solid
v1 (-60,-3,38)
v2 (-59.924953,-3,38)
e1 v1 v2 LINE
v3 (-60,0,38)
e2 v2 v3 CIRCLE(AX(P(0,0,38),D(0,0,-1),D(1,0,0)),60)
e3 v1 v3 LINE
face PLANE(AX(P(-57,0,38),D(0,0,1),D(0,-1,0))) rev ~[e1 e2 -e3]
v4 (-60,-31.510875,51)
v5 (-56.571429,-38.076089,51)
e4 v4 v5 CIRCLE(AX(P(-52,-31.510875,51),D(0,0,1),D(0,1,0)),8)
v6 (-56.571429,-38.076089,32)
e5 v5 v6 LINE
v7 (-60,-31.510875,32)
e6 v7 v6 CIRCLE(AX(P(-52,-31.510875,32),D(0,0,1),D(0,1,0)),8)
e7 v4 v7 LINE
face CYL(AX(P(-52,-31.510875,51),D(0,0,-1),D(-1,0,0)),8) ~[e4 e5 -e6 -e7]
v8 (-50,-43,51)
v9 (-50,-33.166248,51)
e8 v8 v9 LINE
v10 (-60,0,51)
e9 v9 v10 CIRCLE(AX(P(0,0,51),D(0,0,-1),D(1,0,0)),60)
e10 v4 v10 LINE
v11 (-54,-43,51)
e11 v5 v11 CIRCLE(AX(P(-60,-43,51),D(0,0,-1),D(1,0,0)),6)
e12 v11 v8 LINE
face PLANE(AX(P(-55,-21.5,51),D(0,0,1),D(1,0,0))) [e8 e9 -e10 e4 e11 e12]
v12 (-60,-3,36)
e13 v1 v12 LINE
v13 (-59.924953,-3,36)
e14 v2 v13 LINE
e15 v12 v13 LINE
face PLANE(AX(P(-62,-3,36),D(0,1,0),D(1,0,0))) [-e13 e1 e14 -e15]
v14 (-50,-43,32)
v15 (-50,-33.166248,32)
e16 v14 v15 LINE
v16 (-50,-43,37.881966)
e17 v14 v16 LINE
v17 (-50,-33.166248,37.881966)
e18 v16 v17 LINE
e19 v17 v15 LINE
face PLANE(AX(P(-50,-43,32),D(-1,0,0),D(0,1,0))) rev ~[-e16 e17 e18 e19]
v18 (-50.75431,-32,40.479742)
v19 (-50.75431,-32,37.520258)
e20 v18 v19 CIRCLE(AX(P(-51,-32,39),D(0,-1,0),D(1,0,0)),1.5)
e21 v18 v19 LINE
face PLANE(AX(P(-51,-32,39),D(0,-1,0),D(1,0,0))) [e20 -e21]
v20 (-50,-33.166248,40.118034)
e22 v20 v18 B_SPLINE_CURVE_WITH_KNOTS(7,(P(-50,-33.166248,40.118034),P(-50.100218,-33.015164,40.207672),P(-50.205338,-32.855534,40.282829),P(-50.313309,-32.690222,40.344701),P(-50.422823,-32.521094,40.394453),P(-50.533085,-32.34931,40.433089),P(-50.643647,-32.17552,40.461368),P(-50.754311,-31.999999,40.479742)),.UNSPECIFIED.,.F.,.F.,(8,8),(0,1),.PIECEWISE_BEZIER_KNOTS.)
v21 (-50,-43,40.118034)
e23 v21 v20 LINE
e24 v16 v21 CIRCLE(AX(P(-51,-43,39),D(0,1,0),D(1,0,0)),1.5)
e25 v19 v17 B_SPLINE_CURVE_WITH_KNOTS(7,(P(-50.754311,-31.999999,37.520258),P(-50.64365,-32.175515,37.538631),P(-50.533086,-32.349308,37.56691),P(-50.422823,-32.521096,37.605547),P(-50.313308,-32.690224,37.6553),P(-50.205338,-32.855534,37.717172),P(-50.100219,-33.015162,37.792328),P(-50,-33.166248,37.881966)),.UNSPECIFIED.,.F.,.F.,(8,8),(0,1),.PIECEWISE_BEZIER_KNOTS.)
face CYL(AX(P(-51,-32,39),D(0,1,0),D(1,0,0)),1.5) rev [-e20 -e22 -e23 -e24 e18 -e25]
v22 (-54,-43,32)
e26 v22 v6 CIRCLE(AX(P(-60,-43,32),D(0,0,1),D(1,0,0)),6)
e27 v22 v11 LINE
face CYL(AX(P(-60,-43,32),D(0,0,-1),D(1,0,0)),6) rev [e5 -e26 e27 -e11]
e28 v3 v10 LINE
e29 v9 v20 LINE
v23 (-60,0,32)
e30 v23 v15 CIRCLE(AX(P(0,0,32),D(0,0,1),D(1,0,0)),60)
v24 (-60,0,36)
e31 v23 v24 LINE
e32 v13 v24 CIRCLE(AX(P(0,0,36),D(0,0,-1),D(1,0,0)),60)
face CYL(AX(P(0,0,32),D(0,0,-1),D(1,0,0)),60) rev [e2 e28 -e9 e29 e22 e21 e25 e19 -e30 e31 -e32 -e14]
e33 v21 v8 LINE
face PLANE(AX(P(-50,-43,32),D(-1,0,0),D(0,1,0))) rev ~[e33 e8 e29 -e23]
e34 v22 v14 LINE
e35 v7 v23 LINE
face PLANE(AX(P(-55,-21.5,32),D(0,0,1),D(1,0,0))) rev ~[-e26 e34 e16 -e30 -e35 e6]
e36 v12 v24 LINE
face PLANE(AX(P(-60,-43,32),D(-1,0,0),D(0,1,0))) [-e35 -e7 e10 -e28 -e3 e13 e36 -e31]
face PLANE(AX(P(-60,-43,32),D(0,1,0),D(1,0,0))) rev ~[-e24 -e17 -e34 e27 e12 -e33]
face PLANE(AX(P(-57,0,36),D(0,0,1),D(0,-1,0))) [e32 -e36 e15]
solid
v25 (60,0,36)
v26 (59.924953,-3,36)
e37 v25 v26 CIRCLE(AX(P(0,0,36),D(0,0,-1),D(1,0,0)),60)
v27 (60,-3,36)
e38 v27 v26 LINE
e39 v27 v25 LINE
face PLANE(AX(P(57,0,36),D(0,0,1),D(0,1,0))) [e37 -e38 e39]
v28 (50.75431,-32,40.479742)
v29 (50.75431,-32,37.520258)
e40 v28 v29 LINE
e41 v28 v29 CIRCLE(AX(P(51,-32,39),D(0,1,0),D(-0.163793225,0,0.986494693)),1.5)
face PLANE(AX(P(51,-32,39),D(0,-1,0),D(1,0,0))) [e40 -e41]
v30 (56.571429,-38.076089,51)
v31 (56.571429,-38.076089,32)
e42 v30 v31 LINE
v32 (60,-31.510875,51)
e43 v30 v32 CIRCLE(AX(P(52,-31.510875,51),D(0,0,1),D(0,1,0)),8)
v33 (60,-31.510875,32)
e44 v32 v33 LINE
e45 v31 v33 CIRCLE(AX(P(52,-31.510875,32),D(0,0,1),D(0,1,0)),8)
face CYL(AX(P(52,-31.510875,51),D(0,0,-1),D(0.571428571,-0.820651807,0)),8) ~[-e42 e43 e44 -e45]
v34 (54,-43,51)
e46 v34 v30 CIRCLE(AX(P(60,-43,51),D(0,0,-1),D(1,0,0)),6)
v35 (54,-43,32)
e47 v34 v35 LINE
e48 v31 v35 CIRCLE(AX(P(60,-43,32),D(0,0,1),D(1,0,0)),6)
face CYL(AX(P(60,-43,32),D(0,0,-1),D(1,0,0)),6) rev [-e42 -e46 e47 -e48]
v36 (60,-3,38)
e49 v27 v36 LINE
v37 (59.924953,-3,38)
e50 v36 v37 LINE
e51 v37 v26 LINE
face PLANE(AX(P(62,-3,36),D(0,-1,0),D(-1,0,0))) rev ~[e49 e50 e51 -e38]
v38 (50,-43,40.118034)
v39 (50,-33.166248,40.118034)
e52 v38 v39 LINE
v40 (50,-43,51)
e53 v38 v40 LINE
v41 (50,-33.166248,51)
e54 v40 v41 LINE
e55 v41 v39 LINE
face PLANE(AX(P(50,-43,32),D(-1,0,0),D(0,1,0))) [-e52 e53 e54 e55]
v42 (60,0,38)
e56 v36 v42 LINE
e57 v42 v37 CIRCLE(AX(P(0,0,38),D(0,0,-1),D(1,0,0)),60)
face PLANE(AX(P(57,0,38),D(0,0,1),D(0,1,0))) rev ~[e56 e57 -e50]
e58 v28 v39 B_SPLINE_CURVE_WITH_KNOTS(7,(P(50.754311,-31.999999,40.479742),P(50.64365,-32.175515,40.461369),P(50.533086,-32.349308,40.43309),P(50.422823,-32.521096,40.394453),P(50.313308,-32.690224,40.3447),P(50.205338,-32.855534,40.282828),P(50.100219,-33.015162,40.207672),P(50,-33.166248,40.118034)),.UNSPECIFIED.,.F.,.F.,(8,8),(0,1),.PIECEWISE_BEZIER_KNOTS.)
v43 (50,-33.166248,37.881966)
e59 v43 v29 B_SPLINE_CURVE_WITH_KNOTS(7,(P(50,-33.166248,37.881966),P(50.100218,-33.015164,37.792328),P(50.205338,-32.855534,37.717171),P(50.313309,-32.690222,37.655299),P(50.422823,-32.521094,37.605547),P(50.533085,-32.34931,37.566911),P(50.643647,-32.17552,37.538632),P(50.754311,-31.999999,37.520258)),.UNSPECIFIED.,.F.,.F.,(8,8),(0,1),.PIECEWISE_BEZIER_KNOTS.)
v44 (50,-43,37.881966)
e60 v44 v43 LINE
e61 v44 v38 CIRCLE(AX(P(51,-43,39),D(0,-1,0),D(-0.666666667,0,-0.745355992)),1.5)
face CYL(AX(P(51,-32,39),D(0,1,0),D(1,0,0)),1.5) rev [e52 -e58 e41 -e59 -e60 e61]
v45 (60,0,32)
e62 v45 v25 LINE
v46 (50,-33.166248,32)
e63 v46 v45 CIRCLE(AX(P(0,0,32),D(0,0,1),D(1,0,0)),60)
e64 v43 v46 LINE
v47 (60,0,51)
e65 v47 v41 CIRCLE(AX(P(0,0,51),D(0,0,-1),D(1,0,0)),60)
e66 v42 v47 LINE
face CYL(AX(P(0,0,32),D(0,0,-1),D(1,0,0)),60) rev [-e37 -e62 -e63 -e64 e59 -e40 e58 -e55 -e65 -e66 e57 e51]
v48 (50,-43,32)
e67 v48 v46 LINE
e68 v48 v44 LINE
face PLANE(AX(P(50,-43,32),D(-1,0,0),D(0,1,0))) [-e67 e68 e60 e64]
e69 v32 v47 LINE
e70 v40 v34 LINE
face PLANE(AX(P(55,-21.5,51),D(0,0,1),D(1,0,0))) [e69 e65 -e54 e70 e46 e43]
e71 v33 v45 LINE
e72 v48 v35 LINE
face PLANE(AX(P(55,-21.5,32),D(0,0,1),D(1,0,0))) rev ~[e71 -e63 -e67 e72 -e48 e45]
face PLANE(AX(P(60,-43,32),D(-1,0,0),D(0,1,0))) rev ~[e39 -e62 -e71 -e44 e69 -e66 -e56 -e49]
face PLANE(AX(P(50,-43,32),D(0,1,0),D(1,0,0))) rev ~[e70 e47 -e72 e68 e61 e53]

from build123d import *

# Parameters (mm, degrees)
CYLINDER1426_R               = 1.5
CYLINDER1426_DEPTH           = 40
CYLINDER1425_R               = 1.5
CYLINDER1425_DEPTH           = 40
BOX473_W                     = 6
BOX473_H                     = 10
BOX473_DEPTH                 = 2
BOX473_PLACEMENT_ANGLE       = 225
BOX471_W                     = 6
BOX471_H                     = 10
BOX471_DEPTH                 = 2
BOX470_W                     = 6
BOX470_H                     = 10
BOX470_DEPTH                 = 2
BOX470_PLACEMENT_ANGLE       = 45
BOX469_W                     = 6
BOX469_H                     = 10
BOX469_DEPTH                 = 2
BOX468_W                     = 6
BOX468_H                     = 10
BOX468_DEPTH                 = 2
BOX468_PLACEMENT_ANGLE       = 45
BOX467_W                     = 6
BOX467_H                     = 10
BOX467_DEPTH                 = 2
BOX466_W                     = 6
BOX466_H                     = 10
BOX466_DEPTH                 = 2
BOX466_PLACEMENT_ANGLE       = 135
BOX472_W                     = 6
BOX472_H                     = 10
BOX472_DEPTH                 = 2
CYLINDER1424_R               = 60
CYLINDER1424_DEPTH           = 33
CYLINDER1416_R               = 6
CYLINDER1416_DEPTH           = 33
CYLINDER1414_R               = 6
CYLINDER1414_DEPTH           = 33
CYLINDER1422_R               = 1.5
CYLINDER1422_DEPTH           = 50
CYLINDER1422_PLACEMENT_ANGLE = 45
CYLINDER1418_R               = 1.5
CYLINDER1418_DEPTH           = 50
CYLINDER1415_R               = 1.5
CYLINDER1415_DEPTH           = 50
CYLINDER1415_PLACEMENT_ANGLE = 135
CYLINDER1419_R               = 1.5
CYLINDER1419_DEPTH           = 50
CYLINDER1417_R               = 1.5
CYLINDER1417_DEPTH           = 50
CYLINDER1417_PLACEMENT_ANGLE = 225
CYLINDER1420_R               = 1.5
CYLINDER1420_DEPTH           = 50
CYLINDER1423_R               = 1.5
CYLINDER1423_DEPTH           = 50
CYLINDER1423_PLACEMENT_ANGLE = 45
CYLINDER1421_R               = 1.5
CYLINDER1421_DEPTH           = 50
BOX465_W                     = 10
BOX465_H                     = 43
BOX465_DEPTH                 = 19
BOX464_W                     = 10
BOX464_H                     = 43
BOX464_DEPTH                 = 19
FILLET019_R                  = 8


with BuildPart() as v_lec1426:
    # Cylinder1426 → Cylinder1426 (new body)
    with BuildSketch(Plane(origin=(51, -40, 25), x_dir=(1, 0, 0), z_dir=(0, -1, 0))):
        Circle(CYLINDER1426_R)
    extrude(amount=CYLINDER1426_DEPTH)


with BuildPart() as compound856:
    # Cylinder1425 → Cylinder1425 (new body)
    with BuildSketch(Plane(origin=(-51, -40, 25), x_dir=(1, 0, 0), z_dir=(0, -1, 0))):
        Circle(CYLINDER1425_R)
    extrude(amount=CYLINDER1425_DEPTH)

    # Compound856: union Válec1426
    add(v_lec1426.part)


with BuildPart() as compound856_1:
    # Compound856 placement: moved
    add(compound856.part.moved(Location((0, 8, 2))))


with BuildPart() as krychle473:
    # Box473 → Box473 (new body)
    with BuildSketch(Plane.XY):
        with Locations((3, 5)):
            Rectangle(BOX473_W, BOX473_H)
    extrude(amount=BOX473_DEPTH)


with BuildPart() as krychle473_1:
    # Box473 placement: moved
    add(krychle473.part.moved(Location((-41.7193, 45.961941, 23))).rotate(Axis((-41.7193, 45.961941, 23), (0, 0, 1)), BOX473_PLACEMENT_ANGLE))


with BuildPart() as krychle471:
    # Box471 → Box471 (new body)
    with BuildSketch(Plane(origin=(-62, 3, 23), x_dir=(0, -1, 0), z_dir=(0, 0, 1))):
        with Locations((3, 5)):
            Rectangle(BOX471_W, BOX471_H)
    extrude(amount=BOX471_DEPTH)


with BuildPart() as krychle470:
    # Box470 → Box470 (new body)
    with BuildSketch(Plane.XY):
        with Locations((3, 5)):
            Rectangle(BOX470_W, BOX470_H)
    extrude(amount=BOX470_DEPTH)


with BuildPart() as krychle470_1:
    # Box470 placement: moved
    add(krychle470.part.moved(Location((-45.961941, -41.7193, 23))).rotate(Axis((-45.961941, -41.7193, 23), (0, 0, -1)), BOX470_PLACEMENT_ANGLE))


with BuildPart() as krychle469:
    # Box469 → Box469 (new body)
    with BuildSketch(Plane(origin=(-3, -62, 23), x_dir=(1, 0, 0), z_dir=(0, 0, 1))):
        with Locations((3, 5)):
            Rectangle(BOX469_W, BOX469_H)
    extrude(amount=BOX469_DEPTH)


with BuildPart() as krychle468:
    # Box468 → Box468 (new body)
    with BuildSketch(Plane.XY):
        with Locations((3, 5)):
            Rectangle(BOX468_W, BOX468_H)
    extrude(amount=BOX468_DEPTH)


with BuildPart() as krychle468_1:
    # Box468 placement: moved
    add(krychle468.part.moved(Location((41.7193, -45.961941, 23))).rotate(Axis((41.7193, -45.961941, 23), (0, 0, 1)), BOX468_PLACEMENT_ANGLE))


with BuildPart() as krychle467:
    # Box467 → Box467 (new body)
    with BuildSketch(Plane(origin=(62, -3, 23), x_dir=(0, 1, 0), z_dir=(0, 0, 1))):
        with Locations((3, 5)):
            Rectangle(BOX467_W, BOX467_H)
    extrude(amount=BOX467_DEPTH)


with BuildPart() as krychle466:
    # Box466 → Box466 (new body)
    with BuildSketch(Plane.XY):
        with Locations((3, 5)):
            Rectangle(BOX466_W, BOX466_H)
    extrude(amount=BOX466_DEPTH)


with BuildPart() as krychle466_1:
    # Box466 placement: moved
    add(krychle466.part.moved(Location((45.961941, 41.7193, 23))).rotate(Axis((45.961941, 41.7193, 23), (0, 0, 1)), BOX466_PLACEMENT_ANGLE))


with BuildPart() as compound857:
    # Box472 → Box472 (new body)
    with BuildSketch(Plane(origin=(3, 62, 23), x_dir=(-1, 0, 0), z_dir=(0, 0, 1))):
        with Locations((3, 5)):
            Rectangle(BOX472_W, BOX472_H)
    extrude(amount=BOX472_DEPTH)

    # Compound857: union Krychle473, Krychle471, Krychle470, Krychle469, Krychle468, Krychle467, Krychle466
    add(krychle473_1.part)
    add(krychle471.part)
    add(krychle470_1.part)
    add(krychle469.part)
    add(krychle468_1.part)
    add(krychle467.part)
    add(krychle466_1.part)


with BuildPart() as compound857_1:
    # Compound857 placement: moved
    add(compound857.part.moved(Location((0, 0, 1))))


with BuildPart() as v_lec1424:
    # Cylinder1424 → Cylinder1424 (new body)
    with BuildSketch(Plane.XY.offset(20)):
        Circle(CYLINDER1424_R)
    extrude(amount=CYLINDER1424_DEPTH)


with BuildPart() as v_lec1416:
    # Cylinder1416 → Cylinder1416 (new body)
    with BuildSketch(Plane(origin=(-60, -43, 10), x_dir=(1, 0, 0), z_dir=(0, 0, 1))):
        Circle(CYLINDER1416_R)
    extrude(amount=CYLINDER1416_DEPTH)


with BuildPart() as compound858:
    # Cylinder1414 → Cylinder1414 (new body)
    with BuildSketch(Plane(origin=(60, -43, 10), x_dir=(1, 0, 0), z_dir=(0, 0, 1))):
        Circle(CYLINDER1414_R)
    extrude(amount=CYLINDER1414_DEPTH)

    # Compound858: union Válec1416
    add(v_lec1416.part)


with BuildPart() as v_lec1422:
    # Cylinder1422 → Cylinder1422 (new body)
    with BuildSketch(Plane.XY):
        Circle(CYLINDER1422_R)
    extrude(amount=CYLINDER1422_DEPTH)


with BuildPart() as v_lec1422_1:
    # Cylinder1422 placement: moved
    add(v_lec1422.part.moved(Location((39.59798, -39.59798, 2))).rotate(Axis((39.59798, -39.59798, 2), (0, 0, 1)), CYLINDER1422_PLACEMENT_ANGLE))


with BuildPart() as v_lec1418:
    # Cylinder1418 → Cylinder1418 (new body)
    with BuildSketch(Plane(origin=(56, 0, 2), x_dir=(0, 1, 0), z_dir=(0, 0, 1))):
        Circle(CYLINDER1418_R)
    extrude(amount=CYLINDER1418_DEPTH)


with BuildPart() as v_lec1415:
    # Cylinder1415 → Cylinder1415 (new body)
    with BuildSketch(Plane.XY):
        Circle(CYLINDER1415_R)
    extrude(amount=CYLINDER1415_DEPTH)


with BuildPart() as v_lec1415_1:
    # Cylinder1415 placement: moved
    add(v_lec1415.part.moved(Location((39.59798, 39.59798, 2))).rotate(Axis((39.59798, 39.59798, 2), (0, 0, 1)), CYLINDER1415_PLACEMENT_ANGLE))


with BuildPart() as v_lec1419:
    # Cylinder1419 → Cylinder1419 (new body)
    with BuildSketch(Plane(origin=(0, 56, 2), x_dir=(-1, 0, 0), z_dir=(0, 0, 1))):
        Circle(CYLINDER1419_R)
    extrude(amount=CYLINDER1419_DEPTH)


with BuildPart() as v_lec1417:
    # Cylinder1417 → Cylinder1417 (new body)
    with BuildSketch(Plane.XY):
        Circle(CYLINDER1417_R)
    extrude(amount=CYLINDER1417_DEPTH)


with BuildPart() as v_lec1417_1:
    # Cylinder1417 placement: moved
    add(v_lec1417.part.moved(Location((-39.59798, 39.59798, 2))).rotate(Axis((-39.59798, 39.59798, 2), (0, 0, 1)), CYLINDER1417_PLACEMENT_ANGLE))


with BuildPart() as v_lec1420:
    # Cylinder1420 → Cylinder1420 (new body)
    with BuildSketch(Plane(origin=(-56, 0, 2), x_dir=(0, -1, 0), z_dir=(0, 0, 1))):
        Circle(CYLINDER1420_R)
    extrude(amount=CYLINDER1420_DEPTH)


with BuildPart() as v_lec1423:
    # Cylinder1423 → Cylinder1423 (new body)
    with BuildSketch(Plane.XY):
        Circle(CYLINDER1423_R)
    extrude(amount=CYLINDER1423_DEPTH)


with BuildPart() as v_lec1423_1:
    # Cylinder1423 placement: moved
    add(v_lec1423.part.moved(Location((-39.59798, -39.59798, 2))).rotate(Axis((-39.59798, -39.59798, 2), (0, 0, -1)), CYLINDER1423_PLACEMENT_ANGLE))


with BuildPart() as compound854:
    # Cylinder1421 → Cylinder1421 (new body)
    with BuildSketch(Plane(origin=(0, -56, 2), x_dir=(1, 0, 0), z_dir=(0, 0, 1))):
        Circle(CYLINDER1421_R)
    extrude(amount=CYLINDER1421_DEPTH)

    # Compound854: union Válec1422, Válec1418, Válec1415, Válec1419, Válec1417, Válec1420, Válec1423
    add(v_lec1422_1.part)
    add(v_lec1418.part)
    add(v_lec1415_1.part)
    add(v_lec1419.part)
    add(v_lec1417_1.part)
    add(v_lec1420.part)
    add(v_lec1423_1.part)


with BuildPart() as krychle465:
    # Box465 → Box465 (new body)
    with BuildSketch(Plane(origin=(50, -43, 10), x_dir=(1, 0, 0), z_dir=(0, 0, 1))):
        with Locations((5, 21.5)):
            Rectangle(BOX465_W, BOX465_H)
    extrude(amount=BOX465_DEPTH)


with BuildPart() as fillet019:
    # Box464 → Box464 (new body)
    with BuildSketch(Plane(origin=(-60, -43, 10), x_dir=(1, 0, 0), z_dir=(0, 0, 1))):
        with Locations((5, 21.5)):
            Rectangle(BOX464_W, BOX464_H)
    extrude(amount=BOX464_DEPTH)

    # Compound859: union Krychle465
    add(krychle465.part)

    # Cut460: cut Compound854
    add(compound854.part, mode=Mode.SUBTRACT)

    # Cut461: cut Compound858
    add(compound858.part, mode=Mode.SUBTRACT)


with BuildPart() as fillet019_1:
    # Cut461 placement: moved
    add(fillet019.part.moved(Location((0, 0, 10))))

    # Cut465: cut Válec1424
    add(v_lec1424.part, mode=Mode.SUBTRACT)

    # Cut466: cut Compound857
    add(compound857_1.part, mode=Mode.SUBTRACT)

    # Cut467: cut Compound856
    add(compound856_1.part, mode=Mode.SUBTRACT)


with BuildPart() as fillet019_2:
    # Cut467 placement: moved
    add(fillet019_1.part.moved(Location((0, 0, 12))))

    # Fillet019
    fillet019_edges = [fillet019_2.edges().sort_by_distance(p)[0] for p in [
        (-60, -37, 41.5),
        (60, -37, 41.5),
    ]]
    fillet(fillet019_edges, radius=FILLET019_R)


solid = fillet019_2.part
